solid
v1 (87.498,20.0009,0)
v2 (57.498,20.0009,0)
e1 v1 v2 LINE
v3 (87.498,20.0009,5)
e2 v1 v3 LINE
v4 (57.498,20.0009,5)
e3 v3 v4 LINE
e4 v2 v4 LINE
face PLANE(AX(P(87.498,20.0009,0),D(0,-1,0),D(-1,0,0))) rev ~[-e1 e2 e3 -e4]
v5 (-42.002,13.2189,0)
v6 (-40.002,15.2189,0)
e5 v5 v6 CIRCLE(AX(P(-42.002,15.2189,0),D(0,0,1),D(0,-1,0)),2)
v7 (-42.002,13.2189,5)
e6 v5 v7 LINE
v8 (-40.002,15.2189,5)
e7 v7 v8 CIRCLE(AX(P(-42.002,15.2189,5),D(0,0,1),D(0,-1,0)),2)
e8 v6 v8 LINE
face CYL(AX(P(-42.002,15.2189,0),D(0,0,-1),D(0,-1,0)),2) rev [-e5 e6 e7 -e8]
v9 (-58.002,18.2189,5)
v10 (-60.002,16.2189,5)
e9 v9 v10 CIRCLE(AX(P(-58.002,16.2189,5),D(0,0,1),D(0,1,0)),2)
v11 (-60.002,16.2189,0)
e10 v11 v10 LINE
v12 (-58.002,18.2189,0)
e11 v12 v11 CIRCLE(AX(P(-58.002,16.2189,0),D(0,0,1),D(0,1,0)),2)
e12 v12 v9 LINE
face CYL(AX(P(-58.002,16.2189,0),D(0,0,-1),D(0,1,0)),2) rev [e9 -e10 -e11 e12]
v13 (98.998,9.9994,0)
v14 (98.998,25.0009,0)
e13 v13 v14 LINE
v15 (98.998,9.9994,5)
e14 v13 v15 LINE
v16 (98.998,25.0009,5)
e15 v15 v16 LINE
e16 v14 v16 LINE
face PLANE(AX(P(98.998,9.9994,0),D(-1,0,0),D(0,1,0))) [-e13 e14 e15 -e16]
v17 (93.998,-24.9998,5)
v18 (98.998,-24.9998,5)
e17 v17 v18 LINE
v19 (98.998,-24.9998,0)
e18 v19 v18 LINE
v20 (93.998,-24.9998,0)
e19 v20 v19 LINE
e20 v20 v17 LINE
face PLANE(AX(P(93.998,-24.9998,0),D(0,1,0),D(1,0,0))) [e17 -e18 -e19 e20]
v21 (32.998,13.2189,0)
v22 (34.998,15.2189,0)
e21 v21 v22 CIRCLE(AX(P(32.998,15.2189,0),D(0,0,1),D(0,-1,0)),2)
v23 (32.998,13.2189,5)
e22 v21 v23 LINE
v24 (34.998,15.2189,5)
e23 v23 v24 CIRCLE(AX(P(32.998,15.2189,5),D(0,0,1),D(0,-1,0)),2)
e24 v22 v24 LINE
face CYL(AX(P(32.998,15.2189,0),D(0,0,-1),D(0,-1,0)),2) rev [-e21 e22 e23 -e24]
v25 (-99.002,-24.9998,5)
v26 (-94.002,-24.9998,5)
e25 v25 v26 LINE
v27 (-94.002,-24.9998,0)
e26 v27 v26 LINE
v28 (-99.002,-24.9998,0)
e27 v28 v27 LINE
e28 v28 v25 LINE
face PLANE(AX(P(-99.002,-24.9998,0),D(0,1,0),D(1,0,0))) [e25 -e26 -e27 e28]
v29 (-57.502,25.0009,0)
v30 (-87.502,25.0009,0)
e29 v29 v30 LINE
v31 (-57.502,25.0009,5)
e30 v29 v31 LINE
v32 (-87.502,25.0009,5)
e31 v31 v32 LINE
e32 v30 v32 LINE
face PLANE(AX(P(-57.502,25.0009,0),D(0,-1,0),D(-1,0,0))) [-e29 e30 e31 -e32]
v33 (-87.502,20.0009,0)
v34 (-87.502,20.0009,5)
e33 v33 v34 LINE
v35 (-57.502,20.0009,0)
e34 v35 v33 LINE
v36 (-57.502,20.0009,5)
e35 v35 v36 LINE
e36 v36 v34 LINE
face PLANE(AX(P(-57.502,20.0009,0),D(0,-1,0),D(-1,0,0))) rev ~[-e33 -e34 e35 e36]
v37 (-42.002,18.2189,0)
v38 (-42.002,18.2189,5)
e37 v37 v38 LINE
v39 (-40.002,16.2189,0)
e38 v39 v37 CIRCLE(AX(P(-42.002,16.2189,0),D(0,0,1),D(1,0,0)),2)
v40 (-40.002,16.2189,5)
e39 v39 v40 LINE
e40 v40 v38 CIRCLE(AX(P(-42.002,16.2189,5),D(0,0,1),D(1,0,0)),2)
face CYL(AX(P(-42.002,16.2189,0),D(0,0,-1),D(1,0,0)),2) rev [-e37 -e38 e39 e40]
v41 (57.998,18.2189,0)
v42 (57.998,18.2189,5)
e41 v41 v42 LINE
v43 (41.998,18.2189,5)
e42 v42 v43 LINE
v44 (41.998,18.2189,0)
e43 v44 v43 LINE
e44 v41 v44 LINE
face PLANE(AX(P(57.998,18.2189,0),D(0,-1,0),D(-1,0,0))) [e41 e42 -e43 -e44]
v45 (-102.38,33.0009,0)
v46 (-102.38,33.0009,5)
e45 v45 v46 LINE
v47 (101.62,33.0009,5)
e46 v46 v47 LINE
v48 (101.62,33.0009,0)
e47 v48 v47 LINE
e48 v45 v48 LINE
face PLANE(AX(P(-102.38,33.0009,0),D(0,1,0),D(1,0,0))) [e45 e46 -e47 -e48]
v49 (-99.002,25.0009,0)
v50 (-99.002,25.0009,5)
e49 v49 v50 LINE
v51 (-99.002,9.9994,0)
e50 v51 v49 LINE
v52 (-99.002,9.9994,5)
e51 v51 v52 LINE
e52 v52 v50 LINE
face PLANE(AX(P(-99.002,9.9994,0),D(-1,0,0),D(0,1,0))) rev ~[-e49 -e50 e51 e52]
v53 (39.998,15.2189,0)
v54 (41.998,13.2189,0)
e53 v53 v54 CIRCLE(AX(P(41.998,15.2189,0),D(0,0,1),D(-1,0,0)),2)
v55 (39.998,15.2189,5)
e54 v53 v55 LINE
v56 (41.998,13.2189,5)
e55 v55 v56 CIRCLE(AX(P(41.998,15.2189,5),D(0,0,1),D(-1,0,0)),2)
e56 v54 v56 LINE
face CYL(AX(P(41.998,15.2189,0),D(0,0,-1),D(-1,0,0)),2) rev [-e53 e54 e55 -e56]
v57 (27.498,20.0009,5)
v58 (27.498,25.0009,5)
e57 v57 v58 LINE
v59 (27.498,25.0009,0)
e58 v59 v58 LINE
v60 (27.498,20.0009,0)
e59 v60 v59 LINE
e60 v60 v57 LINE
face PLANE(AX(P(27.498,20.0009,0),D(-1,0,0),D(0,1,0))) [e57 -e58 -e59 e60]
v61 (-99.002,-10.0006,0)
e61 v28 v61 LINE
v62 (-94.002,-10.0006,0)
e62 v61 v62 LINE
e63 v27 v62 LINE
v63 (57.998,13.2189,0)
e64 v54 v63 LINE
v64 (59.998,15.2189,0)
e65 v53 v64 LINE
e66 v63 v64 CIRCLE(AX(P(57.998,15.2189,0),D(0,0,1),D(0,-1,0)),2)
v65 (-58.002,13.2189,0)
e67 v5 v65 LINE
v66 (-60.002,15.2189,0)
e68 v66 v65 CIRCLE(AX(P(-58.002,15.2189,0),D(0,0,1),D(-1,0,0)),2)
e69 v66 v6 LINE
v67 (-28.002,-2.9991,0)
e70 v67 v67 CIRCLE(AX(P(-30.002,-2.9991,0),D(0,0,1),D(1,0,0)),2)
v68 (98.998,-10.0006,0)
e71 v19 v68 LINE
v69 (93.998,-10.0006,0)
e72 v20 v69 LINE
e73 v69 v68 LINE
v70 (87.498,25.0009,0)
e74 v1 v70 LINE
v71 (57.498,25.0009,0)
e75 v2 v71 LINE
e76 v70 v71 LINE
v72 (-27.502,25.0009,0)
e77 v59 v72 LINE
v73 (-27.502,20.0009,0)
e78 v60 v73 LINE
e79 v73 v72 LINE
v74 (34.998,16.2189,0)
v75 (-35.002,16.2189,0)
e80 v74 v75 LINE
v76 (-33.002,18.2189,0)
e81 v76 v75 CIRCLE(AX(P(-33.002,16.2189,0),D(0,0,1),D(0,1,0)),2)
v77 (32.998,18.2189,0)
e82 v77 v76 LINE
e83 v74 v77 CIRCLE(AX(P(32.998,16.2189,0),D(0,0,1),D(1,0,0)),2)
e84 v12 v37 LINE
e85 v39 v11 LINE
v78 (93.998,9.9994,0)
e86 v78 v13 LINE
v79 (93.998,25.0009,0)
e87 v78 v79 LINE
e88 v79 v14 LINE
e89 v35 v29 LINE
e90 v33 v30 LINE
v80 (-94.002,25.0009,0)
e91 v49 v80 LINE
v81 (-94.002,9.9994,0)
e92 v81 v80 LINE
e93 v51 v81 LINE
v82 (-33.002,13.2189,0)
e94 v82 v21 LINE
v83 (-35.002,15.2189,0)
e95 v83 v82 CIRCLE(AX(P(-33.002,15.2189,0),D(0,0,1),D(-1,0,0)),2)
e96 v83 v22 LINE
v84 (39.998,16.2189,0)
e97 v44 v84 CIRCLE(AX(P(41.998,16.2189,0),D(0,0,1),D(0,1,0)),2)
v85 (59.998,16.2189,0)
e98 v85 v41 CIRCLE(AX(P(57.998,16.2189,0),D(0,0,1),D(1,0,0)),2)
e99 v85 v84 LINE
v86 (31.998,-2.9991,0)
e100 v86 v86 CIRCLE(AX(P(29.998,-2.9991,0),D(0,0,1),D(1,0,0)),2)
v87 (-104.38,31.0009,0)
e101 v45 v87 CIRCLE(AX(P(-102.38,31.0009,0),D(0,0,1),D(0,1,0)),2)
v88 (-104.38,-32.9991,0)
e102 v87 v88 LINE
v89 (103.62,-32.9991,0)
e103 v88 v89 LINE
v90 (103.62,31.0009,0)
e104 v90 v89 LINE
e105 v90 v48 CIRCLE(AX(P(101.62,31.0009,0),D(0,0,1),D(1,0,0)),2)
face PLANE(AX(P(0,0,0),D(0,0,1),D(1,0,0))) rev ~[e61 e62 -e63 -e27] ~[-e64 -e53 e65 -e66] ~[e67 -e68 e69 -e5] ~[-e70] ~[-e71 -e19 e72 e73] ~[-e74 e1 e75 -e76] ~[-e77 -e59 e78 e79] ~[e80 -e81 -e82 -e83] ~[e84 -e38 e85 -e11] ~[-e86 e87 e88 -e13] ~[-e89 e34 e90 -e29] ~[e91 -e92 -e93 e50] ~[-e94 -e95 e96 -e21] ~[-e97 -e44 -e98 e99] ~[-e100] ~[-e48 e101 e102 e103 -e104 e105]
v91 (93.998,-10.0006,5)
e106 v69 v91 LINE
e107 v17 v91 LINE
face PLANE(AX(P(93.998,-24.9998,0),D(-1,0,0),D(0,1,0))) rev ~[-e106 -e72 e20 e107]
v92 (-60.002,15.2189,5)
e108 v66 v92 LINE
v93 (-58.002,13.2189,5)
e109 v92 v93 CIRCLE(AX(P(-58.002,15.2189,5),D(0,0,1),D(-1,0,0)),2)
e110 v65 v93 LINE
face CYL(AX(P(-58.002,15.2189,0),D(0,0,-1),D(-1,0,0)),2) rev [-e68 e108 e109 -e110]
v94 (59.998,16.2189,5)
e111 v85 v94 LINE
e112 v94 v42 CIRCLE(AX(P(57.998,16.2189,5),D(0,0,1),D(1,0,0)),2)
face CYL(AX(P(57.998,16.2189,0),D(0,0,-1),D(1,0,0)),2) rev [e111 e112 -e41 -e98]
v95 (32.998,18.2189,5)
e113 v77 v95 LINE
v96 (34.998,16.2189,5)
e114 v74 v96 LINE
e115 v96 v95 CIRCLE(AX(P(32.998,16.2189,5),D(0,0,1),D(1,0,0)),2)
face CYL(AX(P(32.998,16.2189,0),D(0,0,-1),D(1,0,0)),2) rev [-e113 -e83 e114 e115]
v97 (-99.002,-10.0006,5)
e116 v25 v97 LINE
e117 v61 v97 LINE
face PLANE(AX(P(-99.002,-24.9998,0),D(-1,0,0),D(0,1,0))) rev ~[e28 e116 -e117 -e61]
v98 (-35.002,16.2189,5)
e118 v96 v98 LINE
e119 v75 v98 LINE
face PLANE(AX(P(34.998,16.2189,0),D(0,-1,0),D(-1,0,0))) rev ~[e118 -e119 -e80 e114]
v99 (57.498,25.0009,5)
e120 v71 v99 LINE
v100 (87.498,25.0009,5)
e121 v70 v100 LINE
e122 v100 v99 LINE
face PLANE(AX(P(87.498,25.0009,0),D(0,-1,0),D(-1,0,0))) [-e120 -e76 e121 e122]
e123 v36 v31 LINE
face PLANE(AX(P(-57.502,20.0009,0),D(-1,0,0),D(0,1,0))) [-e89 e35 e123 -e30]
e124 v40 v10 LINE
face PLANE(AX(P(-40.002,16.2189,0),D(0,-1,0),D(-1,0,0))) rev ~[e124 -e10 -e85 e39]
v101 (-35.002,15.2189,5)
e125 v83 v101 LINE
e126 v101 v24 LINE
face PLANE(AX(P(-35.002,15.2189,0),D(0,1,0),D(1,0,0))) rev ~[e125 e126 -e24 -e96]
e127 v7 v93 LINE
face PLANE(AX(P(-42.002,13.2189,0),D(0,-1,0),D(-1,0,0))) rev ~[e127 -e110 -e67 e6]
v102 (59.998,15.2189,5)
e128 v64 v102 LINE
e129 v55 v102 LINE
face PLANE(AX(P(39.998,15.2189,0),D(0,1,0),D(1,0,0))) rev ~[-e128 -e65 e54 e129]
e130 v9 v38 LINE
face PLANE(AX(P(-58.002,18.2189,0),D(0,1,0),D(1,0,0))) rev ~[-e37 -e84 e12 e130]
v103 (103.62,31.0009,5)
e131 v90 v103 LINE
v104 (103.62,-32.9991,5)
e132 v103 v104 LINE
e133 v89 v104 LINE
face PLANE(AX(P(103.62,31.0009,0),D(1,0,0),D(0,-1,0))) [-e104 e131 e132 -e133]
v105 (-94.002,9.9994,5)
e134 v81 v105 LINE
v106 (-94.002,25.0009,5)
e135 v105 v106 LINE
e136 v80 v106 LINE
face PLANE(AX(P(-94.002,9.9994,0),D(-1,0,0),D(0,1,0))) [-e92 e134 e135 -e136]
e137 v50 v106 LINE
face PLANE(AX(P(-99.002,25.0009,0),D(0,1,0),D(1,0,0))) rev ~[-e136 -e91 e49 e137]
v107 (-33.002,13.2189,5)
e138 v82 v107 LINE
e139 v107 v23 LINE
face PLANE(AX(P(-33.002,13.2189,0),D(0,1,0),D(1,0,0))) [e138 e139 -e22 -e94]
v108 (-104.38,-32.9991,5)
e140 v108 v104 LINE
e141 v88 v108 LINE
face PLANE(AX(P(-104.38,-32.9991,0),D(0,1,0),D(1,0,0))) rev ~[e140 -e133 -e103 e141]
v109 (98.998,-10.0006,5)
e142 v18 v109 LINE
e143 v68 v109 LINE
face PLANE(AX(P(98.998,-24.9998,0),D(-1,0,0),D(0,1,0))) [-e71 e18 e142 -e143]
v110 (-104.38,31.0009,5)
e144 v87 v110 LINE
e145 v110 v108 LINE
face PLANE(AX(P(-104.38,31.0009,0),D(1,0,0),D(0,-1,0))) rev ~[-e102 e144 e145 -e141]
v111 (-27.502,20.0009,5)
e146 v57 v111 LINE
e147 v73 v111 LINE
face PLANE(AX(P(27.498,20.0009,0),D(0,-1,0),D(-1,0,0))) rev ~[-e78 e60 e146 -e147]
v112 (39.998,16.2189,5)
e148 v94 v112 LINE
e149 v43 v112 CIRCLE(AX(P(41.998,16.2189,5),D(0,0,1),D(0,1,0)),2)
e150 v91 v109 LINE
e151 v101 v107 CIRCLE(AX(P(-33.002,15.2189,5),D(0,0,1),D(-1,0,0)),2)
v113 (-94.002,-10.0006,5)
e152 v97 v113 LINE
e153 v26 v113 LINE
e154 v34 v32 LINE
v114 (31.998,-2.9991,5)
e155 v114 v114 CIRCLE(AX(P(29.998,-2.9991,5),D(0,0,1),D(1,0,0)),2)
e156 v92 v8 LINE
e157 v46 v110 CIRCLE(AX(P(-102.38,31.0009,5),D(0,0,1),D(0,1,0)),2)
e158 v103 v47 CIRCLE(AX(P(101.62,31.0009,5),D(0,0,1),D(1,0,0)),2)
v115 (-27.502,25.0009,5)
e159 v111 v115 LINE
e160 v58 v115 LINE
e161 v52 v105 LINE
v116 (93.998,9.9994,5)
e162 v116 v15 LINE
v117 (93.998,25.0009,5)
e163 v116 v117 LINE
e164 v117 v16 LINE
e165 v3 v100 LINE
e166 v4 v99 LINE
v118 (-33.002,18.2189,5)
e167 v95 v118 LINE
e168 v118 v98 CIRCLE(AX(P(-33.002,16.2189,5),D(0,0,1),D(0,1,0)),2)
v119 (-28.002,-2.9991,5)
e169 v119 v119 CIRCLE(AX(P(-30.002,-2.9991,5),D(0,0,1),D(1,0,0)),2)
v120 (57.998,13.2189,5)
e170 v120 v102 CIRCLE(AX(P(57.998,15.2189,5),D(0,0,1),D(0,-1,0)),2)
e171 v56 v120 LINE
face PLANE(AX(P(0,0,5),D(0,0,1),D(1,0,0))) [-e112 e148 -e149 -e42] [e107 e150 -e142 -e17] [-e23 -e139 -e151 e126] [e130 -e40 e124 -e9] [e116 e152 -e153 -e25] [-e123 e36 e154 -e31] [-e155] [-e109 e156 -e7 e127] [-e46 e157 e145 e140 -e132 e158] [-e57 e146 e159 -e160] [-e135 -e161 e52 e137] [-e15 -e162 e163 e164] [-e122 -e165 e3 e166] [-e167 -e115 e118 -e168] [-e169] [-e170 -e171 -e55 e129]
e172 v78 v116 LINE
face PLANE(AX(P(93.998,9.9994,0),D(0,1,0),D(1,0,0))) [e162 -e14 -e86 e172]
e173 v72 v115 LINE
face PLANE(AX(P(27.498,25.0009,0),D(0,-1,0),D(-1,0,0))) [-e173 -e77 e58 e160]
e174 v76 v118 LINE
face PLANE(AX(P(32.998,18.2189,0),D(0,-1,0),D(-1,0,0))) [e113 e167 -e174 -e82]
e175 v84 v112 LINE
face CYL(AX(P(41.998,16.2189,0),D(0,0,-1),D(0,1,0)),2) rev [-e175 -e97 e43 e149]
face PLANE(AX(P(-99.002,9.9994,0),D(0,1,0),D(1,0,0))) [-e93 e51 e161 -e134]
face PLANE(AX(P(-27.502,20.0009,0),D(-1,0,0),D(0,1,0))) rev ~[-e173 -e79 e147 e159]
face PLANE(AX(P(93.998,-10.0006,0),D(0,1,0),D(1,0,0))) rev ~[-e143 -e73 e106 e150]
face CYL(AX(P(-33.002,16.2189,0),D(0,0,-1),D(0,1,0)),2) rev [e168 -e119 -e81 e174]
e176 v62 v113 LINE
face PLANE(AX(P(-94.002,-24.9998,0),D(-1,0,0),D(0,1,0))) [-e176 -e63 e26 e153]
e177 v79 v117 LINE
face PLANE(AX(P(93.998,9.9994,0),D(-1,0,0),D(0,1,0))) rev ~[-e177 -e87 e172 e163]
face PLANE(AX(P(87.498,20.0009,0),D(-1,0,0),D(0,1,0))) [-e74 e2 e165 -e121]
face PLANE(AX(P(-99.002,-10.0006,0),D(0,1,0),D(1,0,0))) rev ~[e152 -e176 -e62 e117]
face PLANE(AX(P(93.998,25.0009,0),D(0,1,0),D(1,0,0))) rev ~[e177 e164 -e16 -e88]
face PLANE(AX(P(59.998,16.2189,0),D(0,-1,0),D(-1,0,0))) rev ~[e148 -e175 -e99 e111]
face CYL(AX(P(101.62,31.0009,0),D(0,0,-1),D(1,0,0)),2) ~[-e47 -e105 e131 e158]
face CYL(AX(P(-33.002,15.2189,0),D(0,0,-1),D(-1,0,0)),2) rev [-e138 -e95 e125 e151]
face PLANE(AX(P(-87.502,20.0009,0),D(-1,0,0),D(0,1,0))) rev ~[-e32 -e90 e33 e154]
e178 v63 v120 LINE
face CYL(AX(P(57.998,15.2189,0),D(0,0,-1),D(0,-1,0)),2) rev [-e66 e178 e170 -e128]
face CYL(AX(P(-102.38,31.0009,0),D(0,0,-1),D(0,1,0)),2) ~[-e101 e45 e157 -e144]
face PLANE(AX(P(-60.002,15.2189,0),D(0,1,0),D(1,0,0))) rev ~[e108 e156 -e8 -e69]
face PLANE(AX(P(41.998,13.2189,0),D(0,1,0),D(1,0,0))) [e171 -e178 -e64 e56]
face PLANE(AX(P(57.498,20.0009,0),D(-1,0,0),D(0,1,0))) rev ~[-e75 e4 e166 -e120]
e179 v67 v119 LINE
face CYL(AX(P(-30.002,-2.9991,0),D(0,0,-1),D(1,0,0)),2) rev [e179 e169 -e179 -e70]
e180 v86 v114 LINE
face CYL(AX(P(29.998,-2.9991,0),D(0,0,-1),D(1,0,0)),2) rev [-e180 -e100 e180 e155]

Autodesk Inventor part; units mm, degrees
ref_plane "YZ Plane" through (0, 0, 0) normal (1, 0, 0) x (0, 1, 0)
ref_plane "XZ Plane" through (0, 0, 0) normal (0, 1, 0) x (-1, 0, 0)
ref_plane "XY Plane" through (0, 0, 0) normal (0, 0, 1) x (1, 0, 0)
sketch "Sketch1" plane through (0, 0, 0) normal (0, 0, 1) x (1, 0, 0)
  line L0 (-104.38, -32.9991) -> (103.62, -32.9991)
  line L1 (-102.38, 33.0009) -> (101.62, 33.0009)
  line L2 (57.998, 18.2189) -> (41.998, 18.2189)
  line L3 (41.998, 13.2189) -> (57.998, 13.2189)
  line L4 (-58.002, 18.2189) -> (-42.002, 18.2189)
  line L5 (-42.002, 13.2189) -> (-58.002, 13.2189)
  line L6 (32.998, 18.2189) -> (-33.002, 18.2189)
  line L7 (-33.002, 13.2189) -> (32.998, 13.2189)
  arc A0 (34.998, 16.2189) -> (32.998, 18.2189) centre (32.998, 16.2189) ccw
  arc A1 (-35.002, 15.2189) -> (-33.002, 13.2189) centre (-33.002, 15.2189) ccw
  arc A2 (-33.002, 18.2189) -> (-35.002, 16.2189) centre (-33.002, 16.2189) ccw
  arc A3 (-40.002, 16.2189) -> (-42.002, 18.2189) centre (-42.002, 16.2189) ccw
  arc A4 (-42.002, 13.2189) -> (-40.002, 15.2189) centre (-42.002, 15.2189) ccw
  arc A5 (-60.002, 15.2189) -> (-58.002, 13.2189) centre (-58.002, 15.2189) ccw
  arc A6 (-58.002, 18.2189) -> (-60.002, 16.2189) centre (-58.002, 16.2189) ccw
  arc A7 (39.998, 15.2189) -> (41.998, 13.2189) centre (41.998, 15.2189) ccw
  arc A8 (41.998, 18.2189) -> (39.998, 16.2189) centre (41.998, 16.2189) ccw
  arc A9 (59.998, 16.2189) -> (57.998, 18.2189) centre (57.998, 16.2189) ccw
  arc A10 (57.998, 13.2189) -> (59.998, 15.2189) centre (57.998, 15.2189) ccw
  arc A11 (32.998, 13.2189) -> (34.998, 15.2189) centre (32.998, 15.2189) ccw
  line L8 (59.998, 16.2189) -> (39.998, 16.2189)
  line L9 (39.998, 15.2189) -> (59.998, 15.2189)
  line L10 (34.998, 16.2189) -> (-35.002, 16.2189)
  line L11 (-35.002, 15.2189) -> (34.998, 15.2189)
  line L12 (-40.002, 16.2189) -> (-60.002, 16.2189)
  line L13 (-60.002, 15.2189) -> (-40.002, 15.2189)
  circle A12 centre (-30.002, -2.9991) radius 2
  circle A13 centre (29.998, -2.9991) radius 2
  line L14 (-104.38, 31.0009) -> (-104.38, -32.9991)
  line L15 (103.62, 31.0009) -> (103.62, -32.9991)
  arc A14 (-102.38, 33.0009) -> (-104.38, 31.0009) centre (-102.38, 31.0009) ccw
  arc A15 (103.62, 31.0009) -> (101.62, 33.0009) centre (101.62, 31.0009) ccw
  line L16 (93.998, -24.9998) -> (93.998, -10.0006)
  line L17 (93.998, -10.0006) -> (98.998, -10.0006)
  line L18 (98.998, -24.9998) -> (98.998, -10.0006)
  line L19 (93.998, -24.9998) -> (98.998, -24.9998)
  line L20 (93.998, 9.9994) -> (93.998, 25.0009)
  line L21 (93.998, 25.0009) -> (98.998, 25.0009)
  line L22 (98.998, 9.9994) -> (98.998, 25.0009)
  line L23 (93.998, 9.9994) -> (98.998, 9.9994)
  line L24 (87.498, 20.0009) -> (57.498, 20.0009)
  line L25 (57.498, 20.0009) -> (57.498, 25.0009)
  line L26 (87.498, 25.0009) -> (57.498, 25.0009)
  line L27 (87.498, 20.0009) -> (87.498, 25.0009)
  line L28 (27.498, 20.0009) -> (-27.502, 20.0009)
  line L29 (-27.502, 20.0009) -> (-27.502, 25.0009)
  line L30 (27.498, 25.0009) -> (-27.502, 25.0009)
  line L31 (27.498, 20.0009) -> (27.498, 25.0009)
  line L32 (-57.502, 20.0009) -> (-87.502, 20.0009)
  line L33 (-87.502, 20.0009) -> (-87.502, 25.0009)
  line L34 (-57.502, 25.0009) -> (-87.502, 25.0009)
  line L35 (-57.502, 20.0009) -> (-57.502, 25.0009)
  line L36 (-99.002, 9.9994) -> (-99.002, 25.0009)
  line L37 (-99.002, 25.0009) -> (-94.002, 25.0009)
  line L38 (-94.002, 9.9994) -> (-94.002, 25.0009)
  line L39 (-99.002, 9.9994) -> (-94.002, 9.9994)
  line L40 (-99.002, -24.9998) -> (-99.002, -10.0006)
  line L41 (-99.002, -10.0006) -> (-94.002, -10.0006)
  line L42 (-94.002, -24.9998) -> (-94.002, -10.0006)
  line L43 (-99.002, -24.9998) -> (-94.002, -24.9998)
  point P0 (59.998, 18.2189)
  point P1 (59.998, 13.2189)
  point P2 (-40.002, 15.2189)
  point P3 (-60.002, 16.2189)
  point P4 (59.998, 15.2189)
  point P5 (34.998, 15.2189)
  point P6 (-35.002, 16.2189)
  point P7 (-0.002, -3)
extrude "Extrusion1" add sketch "Sketch1" along normal blind 5
properties part number "case bottom front" material "Nylon, molybdenum disulphide"
